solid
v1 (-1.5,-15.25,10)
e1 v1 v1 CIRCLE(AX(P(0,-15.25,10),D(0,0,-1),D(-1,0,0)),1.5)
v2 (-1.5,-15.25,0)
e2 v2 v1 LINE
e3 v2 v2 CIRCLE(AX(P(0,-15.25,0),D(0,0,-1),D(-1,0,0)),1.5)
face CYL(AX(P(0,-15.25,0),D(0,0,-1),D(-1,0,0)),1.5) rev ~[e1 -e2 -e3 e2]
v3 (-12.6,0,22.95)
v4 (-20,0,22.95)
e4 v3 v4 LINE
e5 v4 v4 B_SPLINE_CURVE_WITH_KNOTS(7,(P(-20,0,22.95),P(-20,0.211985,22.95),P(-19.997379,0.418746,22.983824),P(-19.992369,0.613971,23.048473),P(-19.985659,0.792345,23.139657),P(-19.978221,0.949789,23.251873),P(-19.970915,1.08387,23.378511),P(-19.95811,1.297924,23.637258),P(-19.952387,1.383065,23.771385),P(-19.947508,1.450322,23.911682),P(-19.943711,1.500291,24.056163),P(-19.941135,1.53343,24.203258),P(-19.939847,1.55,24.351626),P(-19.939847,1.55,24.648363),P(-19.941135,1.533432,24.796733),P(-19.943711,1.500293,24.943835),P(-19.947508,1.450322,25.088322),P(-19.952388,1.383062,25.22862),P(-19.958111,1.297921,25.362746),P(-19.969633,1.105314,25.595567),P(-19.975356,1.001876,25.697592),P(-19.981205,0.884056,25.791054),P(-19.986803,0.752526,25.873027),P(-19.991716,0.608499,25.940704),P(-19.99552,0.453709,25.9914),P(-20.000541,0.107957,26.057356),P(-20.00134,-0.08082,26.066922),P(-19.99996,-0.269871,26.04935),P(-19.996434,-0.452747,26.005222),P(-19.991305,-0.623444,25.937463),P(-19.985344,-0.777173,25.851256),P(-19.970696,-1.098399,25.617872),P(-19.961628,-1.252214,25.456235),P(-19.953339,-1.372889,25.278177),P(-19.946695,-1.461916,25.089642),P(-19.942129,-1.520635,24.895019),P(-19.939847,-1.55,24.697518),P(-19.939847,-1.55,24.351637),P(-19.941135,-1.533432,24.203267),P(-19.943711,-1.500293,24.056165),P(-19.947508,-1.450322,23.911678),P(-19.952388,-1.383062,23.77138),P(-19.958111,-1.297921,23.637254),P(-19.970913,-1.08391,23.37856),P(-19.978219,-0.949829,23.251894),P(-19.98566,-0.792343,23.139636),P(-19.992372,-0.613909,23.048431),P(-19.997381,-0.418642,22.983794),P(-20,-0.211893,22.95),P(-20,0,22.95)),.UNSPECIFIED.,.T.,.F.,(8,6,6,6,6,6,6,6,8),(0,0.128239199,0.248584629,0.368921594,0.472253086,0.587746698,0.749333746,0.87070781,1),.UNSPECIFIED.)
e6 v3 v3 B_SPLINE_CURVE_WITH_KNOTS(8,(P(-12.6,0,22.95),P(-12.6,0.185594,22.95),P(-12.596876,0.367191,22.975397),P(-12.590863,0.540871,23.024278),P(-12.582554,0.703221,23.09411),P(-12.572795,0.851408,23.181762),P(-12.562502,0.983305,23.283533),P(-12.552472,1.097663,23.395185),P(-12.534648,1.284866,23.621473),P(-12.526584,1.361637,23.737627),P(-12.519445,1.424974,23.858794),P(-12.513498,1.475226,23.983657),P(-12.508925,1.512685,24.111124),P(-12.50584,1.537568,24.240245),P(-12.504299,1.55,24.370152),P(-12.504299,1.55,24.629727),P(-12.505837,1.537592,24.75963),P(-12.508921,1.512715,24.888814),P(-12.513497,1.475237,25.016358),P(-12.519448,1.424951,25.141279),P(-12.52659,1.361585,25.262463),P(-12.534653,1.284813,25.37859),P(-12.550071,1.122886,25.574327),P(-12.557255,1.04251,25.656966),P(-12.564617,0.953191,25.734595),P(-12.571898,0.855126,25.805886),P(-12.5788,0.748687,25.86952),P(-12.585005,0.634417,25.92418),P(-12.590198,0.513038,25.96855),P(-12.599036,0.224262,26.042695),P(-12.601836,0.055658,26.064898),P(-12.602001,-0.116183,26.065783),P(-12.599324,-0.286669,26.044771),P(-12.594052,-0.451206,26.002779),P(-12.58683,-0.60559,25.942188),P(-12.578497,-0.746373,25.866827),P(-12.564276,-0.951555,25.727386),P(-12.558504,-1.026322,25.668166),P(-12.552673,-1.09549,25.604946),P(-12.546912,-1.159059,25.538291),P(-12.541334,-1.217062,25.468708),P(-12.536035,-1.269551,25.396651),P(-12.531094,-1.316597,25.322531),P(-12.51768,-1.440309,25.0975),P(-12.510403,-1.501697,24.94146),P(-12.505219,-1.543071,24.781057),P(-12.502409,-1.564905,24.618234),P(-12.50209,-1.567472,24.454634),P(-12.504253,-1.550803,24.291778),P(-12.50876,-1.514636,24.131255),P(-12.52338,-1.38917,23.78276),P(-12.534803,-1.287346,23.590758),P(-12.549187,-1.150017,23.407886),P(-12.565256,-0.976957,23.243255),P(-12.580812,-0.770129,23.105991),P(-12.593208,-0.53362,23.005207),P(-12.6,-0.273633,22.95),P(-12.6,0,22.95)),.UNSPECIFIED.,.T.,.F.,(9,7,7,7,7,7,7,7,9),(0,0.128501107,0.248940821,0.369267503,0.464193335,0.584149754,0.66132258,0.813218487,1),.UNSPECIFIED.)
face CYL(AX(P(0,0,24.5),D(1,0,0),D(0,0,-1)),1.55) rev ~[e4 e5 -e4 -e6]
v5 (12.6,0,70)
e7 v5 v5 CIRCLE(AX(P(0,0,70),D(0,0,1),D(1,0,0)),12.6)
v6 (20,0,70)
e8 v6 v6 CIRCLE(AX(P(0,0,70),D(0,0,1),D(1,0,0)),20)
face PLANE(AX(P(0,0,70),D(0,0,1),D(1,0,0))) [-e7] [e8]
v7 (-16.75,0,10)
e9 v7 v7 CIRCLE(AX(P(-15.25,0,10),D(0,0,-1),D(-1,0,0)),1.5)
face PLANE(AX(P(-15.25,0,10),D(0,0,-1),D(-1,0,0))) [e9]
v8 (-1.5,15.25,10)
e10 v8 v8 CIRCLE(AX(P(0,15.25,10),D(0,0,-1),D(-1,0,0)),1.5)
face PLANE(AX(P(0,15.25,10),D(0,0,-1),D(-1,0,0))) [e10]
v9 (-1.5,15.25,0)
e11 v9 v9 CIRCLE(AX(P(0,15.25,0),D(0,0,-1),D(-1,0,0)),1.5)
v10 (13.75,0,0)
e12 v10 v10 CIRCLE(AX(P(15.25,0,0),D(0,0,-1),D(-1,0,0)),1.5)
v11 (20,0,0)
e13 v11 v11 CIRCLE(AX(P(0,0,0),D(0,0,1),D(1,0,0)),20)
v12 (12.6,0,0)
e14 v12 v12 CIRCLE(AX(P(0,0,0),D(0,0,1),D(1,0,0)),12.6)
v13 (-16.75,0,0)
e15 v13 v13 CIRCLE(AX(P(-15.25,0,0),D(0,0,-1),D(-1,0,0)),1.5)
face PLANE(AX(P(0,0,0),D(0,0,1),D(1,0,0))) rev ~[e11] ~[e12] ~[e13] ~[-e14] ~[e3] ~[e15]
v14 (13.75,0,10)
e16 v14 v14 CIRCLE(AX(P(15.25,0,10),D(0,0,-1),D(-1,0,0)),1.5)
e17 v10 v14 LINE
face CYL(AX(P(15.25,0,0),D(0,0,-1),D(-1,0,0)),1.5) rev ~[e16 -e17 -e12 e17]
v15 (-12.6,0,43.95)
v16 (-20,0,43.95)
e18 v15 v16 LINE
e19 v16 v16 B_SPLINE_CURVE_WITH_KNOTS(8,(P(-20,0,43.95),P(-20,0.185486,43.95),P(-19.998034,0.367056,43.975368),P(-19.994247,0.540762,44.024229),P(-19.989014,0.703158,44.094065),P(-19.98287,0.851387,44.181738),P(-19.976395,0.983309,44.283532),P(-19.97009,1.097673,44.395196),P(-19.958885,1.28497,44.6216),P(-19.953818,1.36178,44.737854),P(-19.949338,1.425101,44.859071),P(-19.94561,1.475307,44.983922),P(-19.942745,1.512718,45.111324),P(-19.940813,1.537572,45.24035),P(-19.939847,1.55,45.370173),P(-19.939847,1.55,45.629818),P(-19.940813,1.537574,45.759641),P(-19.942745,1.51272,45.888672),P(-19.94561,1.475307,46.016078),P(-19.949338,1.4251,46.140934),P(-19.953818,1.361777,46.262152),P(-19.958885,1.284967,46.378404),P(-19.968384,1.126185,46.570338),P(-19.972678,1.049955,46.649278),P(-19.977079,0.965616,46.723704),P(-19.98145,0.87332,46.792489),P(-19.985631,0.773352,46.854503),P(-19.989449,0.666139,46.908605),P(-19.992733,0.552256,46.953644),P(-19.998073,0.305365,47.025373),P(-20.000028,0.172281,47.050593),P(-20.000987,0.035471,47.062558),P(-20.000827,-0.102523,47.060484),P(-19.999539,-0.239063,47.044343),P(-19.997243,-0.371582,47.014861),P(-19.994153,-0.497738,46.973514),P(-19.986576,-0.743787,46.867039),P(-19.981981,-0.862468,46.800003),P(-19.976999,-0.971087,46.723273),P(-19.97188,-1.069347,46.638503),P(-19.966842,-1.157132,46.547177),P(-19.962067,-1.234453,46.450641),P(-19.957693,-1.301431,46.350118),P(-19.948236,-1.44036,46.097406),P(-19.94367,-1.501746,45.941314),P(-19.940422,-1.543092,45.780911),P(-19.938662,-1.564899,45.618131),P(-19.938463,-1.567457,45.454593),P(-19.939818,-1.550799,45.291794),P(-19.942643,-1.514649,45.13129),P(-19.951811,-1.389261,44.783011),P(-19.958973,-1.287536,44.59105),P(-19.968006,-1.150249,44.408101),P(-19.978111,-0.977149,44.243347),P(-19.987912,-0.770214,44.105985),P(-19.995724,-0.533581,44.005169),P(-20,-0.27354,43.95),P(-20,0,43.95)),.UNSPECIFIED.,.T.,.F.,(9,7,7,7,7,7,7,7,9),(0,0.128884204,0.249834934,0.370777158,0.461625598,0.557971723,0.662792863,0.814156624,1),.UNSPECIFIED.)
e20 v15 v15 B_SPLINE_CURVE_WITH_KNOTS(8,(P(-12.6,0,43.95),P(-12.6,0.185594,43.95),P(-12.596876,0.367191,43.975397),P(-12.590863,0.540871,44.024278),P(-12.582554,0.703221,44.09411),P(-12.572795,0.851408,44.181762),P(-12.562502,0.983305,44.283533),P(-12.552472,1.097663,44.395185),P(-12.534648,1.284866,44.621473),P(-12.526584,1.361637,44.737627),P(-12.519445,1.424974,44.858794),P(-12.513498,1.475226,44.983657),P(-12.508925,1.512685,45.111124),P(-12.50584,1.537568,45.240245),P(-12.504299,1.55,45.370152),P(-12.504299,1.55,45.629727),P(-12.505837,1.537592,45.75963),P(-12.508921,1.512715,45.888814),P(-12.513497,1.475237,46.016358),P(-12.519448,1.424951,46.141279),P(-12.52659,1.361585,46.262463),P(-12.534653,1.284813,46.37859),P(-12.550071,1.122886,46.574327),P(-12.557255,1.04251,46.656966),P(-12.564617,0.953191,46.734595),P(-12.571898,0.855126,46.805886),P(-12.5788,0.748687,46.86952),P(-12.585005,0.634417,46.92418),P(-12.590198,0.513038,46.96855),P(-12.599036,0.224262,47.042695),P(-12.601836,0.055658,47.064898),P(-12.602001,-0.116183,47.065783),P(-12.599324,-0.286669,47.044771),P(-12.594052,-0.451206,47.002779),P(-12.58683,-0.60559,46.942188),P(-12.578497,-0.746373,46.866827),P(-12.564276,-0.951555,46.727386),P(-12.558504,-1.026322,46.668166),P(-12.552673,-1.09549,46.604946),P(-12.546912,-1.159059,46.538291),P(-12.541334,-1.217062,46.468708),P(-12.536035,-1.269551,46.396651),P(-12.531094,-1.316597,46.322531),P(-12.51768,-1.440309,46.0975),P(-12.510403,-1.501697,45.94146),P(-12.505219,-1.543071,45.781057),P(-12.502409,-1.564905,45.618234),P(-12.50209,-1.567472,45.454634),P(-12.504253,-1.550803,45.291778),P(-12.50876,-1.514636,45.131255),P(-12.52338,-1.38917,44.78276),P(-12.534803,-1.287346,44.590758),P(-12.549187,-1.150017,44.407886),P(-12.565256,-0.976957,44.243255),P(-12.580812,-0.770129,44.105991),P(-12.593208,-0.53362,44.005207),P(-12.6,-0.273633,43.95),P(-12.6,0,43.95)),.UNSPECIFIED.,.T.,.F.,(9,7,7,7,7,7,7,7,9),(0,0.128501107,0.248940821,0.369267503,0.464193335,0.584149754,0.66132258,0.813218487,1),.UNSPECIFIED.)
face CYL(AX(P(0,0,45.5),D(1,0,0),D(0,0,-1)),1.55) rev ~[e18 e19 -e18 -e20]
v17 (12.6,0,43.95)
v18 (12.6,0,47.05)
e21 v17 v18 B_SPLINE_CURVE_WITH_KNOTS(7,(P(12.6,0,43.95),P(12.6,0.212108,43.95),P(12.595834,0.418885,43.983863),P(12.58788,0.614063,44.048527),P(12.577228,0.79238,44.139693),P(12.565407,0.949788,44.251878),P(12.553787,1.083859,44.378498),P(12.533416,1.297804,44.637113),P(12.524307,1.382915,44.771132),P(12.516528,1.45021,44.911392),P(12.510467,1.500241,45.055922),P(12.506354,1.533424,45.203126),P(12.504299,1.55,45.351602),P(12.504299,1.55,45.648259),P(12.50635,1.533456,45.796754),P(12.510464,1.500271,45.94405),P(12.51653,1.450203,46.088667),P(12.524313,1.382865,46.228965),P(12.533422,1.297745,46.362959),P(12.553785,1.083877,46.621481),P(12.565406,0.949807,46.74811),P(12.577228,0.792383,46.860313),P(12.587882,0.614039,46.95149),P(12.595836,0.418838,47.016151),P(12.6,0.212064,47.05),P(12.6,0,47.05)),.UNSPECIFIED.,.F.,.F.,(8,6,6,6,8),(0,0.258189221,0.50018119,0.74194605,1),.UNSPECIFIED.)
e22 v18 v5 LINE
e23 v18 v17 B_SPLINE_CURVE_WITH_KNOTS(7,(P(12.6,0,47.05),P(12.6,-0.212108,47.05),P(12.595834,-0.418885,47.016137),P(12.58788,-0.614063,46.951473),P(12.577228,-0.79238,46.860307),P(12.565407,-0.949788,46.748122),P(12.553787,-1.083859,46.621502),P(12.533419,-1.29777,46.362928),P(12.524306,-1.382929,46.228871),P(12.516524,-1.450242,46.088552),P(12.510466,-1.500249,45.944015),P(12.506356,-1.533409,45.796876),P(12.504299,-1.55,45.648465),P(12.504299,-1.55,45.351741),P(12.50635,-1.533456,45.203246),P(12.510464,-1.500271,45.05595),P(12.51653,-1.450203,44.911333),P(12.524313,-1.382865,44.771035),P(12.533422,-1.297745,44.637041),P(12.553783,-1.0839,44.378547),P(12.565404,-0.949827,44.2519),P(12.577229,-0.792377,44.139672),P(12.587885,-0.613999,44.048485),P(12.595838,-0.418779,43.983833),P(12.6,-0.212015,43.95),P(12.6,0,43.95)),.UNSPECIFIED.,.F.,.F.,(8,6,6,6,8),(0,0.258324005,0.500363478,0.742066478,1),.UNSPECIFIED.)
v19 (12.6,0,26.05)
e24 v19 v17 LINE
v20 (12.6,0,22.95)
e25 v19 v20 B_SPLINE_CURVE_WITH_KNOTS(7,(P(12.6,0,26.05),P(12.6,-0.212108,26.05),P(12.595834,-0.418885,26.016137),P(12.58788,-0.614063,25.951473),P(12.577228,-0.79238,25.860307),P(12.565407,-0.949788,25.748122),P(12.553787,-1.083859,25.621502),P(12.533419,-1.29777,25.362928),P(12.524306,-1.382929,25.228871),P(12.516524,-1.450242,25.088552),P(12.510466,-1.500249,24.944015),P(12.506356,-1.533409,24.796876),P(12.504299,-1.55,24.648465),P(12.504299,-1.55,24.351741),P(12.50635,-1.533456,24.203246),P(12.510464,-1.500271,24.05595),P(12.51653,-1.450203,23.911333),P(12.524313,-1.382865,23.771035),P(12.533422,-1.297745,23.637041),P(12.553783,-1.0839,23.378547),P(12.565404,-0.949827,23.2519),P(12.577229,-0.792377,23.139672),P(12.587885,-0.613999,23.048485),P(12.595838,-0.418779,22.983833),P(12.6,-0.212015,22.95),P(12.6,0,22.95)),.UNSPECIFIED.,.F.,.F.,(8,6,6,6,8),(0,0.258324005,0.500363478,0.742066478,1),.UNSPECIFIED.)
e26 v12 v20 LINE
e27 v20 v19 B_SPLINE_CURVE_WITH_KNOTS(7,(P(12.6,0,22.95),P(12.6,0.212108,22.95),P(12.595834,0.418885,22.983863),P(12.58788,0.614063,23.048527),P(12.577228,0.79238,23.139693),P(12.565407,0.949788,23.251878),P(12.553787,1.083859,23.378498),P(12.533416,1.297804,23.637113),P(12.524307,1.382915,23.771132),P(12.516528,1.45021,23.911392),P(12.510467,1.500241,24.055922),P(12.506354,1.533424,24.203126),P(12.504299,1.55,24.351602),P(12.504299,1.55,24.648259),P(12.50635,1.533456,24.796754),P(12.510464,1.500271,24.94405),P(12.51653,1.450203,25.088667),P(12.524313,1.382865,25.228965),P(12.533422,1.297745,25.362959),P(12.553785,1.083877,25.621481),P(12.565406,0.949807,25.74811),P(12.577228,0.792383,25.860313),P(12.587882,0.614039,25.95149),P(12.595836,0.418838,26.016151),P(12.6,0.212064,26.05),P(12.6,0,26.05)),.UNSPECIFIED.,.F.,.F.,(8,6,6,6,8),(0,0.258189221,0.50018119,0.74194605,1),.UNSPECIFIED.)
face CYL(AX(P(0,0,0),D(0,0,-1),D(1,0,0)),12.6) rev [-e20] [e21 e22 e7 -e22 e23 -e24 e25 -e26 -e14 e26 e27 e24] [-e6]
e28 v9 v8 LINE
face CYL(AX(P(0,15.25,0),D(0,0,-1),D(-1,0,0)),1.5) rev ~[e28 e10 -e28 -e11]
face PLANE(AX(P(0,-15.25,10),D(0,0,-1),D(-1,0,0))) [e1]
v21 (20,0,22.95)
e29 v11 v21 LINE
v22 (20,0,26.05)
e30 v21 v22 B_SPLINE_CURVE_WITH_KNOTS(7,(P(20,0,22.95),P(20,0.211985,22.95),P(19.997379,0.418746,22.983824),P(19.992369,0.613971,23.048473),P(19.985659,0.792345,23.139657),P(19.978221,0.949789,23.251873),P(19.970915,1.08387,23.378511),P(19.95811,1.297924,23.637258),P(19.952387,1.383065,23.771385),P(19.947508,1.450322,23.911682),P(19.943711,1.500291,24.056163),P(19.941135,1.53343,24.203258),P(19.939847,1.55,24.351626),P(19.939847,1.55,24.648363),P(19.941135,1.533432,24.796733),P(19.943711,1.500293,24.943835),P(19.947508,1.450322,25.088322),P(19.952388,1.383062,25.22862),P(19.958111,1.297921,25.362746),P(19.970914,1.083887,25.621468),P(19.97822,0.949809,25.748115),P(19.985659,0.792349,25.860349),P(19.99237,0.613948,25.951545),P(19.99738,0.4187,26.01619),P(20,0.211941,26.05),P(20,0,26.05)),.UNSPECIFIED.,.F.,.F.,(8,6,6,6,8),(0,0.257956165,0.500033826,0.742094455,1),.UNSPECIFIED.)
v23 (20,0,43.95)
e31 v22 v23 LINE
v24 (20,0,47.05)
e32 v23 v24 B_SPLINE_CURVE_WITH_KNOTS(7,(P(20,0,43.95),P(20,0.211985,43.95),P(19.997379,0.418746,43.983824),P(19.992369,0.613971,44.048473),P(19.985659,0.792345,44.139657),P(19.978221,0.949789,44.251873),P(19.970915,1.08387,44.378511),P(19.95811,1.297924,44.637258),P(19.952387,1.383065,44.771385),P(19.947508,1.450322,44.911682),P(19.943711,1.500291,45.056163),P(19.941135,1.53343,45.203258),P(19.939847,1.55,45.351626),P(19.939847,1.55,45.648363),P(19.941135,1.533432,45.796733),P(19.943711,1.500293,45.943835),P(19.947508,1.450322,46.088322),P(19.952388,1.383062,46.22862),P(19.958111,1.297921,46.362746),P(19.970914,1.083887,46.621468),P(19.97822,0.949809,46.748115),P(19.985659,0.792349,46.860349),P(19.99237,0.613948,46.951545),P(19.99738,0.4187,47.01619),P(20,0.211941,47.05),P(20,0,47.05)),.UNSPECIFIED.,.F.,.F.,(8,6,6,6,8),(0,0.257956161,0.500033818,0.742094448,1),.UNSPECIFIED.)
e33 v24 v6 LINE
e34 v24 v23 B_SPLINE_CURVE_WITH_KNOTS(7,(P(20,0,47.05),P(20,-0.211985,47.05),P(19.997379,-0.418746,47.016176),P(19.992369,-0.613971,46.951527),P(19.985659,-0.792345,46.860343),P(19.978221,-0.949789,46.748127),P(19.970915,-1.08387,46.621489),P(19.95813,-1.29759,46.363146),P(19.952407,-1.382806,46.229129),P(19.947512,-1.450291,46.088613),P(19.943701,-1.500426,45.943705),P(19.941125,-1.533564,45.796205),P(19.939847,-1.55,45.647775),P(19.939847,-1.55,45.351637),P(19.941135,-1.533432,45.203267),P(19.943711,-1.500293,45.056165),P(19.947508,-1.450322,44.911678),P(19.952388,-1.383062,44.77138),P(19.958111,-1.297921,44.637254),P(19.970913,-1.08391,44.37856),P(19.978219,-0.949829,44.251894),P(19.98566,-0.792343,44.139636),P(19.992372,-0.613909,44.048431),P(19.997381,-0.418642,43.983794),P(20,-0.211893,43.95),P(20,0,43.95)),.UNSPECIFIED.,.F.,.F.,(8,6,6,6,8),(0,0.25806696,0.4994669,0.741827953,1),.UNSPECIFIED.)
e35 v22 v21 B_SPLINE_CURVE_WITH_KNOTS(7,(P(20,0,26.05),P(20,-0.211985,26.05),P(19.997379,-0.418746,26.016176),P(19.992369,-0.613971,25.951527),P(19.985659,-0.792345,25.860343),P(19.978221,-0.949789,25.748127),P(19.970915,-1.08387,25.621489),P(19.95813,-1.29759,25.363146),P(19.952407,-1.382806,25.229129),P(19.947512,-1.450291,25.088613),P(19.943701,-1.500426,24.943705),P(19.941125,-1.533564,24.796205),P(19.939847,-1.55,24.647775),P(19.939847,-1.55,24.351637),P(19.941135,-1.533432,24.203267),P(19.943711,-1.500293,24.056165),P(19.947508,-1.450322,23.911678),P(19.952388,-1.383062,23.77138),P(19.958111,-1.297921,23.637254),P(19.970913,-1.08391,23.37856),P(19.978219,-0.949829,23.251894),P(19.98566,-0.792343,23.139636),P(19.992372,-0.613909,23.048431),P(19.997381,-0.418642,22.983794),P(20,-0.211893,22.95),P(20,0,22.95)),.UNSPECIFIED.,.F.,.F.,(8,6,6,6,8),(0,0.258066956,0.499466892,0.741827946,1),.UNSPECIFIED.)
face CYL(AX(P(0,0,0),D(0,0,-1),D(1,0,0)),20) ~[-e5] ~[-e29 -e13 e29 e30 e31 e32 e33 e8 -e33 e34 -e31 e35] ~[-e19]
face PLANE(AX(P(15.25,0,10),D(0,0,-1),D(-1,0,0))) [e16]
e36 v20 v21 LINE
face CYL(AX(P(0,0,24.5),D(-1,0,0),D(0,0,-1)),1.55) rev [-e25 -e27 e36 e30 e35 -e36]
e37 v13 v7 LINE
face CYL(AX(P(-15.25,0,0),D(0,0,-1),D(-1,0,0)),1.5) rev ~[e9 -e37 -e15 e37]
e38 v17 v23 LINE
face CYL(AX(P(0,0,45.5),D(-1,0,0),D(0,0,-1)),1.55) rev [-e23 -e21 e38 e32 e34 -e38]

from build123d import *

# Parameters (mm, degrees)
SKETCH1_R               = 20
SKETCH1_R_2             = 12.6
BOSS_EXTRUDE1_DEPTH     = 70
SKETCH2_R               = 1.5
CUT_EXTRUDE1_DEPTH      = 10
SKETCH3_R               = 1.55
CUT_EXTRUDE2_DEPTH      = 21
CUT_EXTRUDE2_DEPTH_BACK = 21


with BuildPart() as part:
    # Sketch1 → Boss-Extrude1 (new body)
    with BuildSketch(Plane.XY):
        Circle(SKETCH1_R)
        Circle(SKETCH1_R_2, mode=Mode.SUBTRACT)
    extrude(amount=BOSS_EXTRUDE1_DEPTH)

    # Sketch2 → Cut-Extrude1 (cut)
    with BuildSketch(Plane(origin=(0, 0, 0), x_dir=(-1, 0, 0), z_dir=(0, 0, -1))):
        with Locations((0, 15.25)):
            Circle(SKETCH2_R)
        with Locations((15.25, 0)):
            Circle(SKETCH2_R)
        with Locations((0, -15.25)):
            Circle(SKETCH2_R)
        with Locations((-15.25, 0)):
            Circle(SKETCH2_R)
    extrude(amount=-CUT_EXTRUDE1_DEPTH, mode=Mode.SUBTRACT)

    # Sketch3 → Cut-Extrude2 (cut, two sides)
    with BuildSketch(Plane(origin=(0, 0, 0), x_dir=(0, 0, -1), z_dir=(1, 0, 0))) as cut_extrude2_sk:
        with Locations((-45.5, 0)):
            Circle(SKETCH3_R)
        with Locations((-24.5, 0)):
            Circle(SKETCH3_R)
    extrude(amount=CUT_EXTRUDE2_DEPTH, mode=Mode.SUBTRACT)
    extrude(cut_extrude2_sk.sketch, amount=-CUT_EXTRUDE2_DEPTH_BACK, mode=Mode.SUBTRACT)


solid = part.part
